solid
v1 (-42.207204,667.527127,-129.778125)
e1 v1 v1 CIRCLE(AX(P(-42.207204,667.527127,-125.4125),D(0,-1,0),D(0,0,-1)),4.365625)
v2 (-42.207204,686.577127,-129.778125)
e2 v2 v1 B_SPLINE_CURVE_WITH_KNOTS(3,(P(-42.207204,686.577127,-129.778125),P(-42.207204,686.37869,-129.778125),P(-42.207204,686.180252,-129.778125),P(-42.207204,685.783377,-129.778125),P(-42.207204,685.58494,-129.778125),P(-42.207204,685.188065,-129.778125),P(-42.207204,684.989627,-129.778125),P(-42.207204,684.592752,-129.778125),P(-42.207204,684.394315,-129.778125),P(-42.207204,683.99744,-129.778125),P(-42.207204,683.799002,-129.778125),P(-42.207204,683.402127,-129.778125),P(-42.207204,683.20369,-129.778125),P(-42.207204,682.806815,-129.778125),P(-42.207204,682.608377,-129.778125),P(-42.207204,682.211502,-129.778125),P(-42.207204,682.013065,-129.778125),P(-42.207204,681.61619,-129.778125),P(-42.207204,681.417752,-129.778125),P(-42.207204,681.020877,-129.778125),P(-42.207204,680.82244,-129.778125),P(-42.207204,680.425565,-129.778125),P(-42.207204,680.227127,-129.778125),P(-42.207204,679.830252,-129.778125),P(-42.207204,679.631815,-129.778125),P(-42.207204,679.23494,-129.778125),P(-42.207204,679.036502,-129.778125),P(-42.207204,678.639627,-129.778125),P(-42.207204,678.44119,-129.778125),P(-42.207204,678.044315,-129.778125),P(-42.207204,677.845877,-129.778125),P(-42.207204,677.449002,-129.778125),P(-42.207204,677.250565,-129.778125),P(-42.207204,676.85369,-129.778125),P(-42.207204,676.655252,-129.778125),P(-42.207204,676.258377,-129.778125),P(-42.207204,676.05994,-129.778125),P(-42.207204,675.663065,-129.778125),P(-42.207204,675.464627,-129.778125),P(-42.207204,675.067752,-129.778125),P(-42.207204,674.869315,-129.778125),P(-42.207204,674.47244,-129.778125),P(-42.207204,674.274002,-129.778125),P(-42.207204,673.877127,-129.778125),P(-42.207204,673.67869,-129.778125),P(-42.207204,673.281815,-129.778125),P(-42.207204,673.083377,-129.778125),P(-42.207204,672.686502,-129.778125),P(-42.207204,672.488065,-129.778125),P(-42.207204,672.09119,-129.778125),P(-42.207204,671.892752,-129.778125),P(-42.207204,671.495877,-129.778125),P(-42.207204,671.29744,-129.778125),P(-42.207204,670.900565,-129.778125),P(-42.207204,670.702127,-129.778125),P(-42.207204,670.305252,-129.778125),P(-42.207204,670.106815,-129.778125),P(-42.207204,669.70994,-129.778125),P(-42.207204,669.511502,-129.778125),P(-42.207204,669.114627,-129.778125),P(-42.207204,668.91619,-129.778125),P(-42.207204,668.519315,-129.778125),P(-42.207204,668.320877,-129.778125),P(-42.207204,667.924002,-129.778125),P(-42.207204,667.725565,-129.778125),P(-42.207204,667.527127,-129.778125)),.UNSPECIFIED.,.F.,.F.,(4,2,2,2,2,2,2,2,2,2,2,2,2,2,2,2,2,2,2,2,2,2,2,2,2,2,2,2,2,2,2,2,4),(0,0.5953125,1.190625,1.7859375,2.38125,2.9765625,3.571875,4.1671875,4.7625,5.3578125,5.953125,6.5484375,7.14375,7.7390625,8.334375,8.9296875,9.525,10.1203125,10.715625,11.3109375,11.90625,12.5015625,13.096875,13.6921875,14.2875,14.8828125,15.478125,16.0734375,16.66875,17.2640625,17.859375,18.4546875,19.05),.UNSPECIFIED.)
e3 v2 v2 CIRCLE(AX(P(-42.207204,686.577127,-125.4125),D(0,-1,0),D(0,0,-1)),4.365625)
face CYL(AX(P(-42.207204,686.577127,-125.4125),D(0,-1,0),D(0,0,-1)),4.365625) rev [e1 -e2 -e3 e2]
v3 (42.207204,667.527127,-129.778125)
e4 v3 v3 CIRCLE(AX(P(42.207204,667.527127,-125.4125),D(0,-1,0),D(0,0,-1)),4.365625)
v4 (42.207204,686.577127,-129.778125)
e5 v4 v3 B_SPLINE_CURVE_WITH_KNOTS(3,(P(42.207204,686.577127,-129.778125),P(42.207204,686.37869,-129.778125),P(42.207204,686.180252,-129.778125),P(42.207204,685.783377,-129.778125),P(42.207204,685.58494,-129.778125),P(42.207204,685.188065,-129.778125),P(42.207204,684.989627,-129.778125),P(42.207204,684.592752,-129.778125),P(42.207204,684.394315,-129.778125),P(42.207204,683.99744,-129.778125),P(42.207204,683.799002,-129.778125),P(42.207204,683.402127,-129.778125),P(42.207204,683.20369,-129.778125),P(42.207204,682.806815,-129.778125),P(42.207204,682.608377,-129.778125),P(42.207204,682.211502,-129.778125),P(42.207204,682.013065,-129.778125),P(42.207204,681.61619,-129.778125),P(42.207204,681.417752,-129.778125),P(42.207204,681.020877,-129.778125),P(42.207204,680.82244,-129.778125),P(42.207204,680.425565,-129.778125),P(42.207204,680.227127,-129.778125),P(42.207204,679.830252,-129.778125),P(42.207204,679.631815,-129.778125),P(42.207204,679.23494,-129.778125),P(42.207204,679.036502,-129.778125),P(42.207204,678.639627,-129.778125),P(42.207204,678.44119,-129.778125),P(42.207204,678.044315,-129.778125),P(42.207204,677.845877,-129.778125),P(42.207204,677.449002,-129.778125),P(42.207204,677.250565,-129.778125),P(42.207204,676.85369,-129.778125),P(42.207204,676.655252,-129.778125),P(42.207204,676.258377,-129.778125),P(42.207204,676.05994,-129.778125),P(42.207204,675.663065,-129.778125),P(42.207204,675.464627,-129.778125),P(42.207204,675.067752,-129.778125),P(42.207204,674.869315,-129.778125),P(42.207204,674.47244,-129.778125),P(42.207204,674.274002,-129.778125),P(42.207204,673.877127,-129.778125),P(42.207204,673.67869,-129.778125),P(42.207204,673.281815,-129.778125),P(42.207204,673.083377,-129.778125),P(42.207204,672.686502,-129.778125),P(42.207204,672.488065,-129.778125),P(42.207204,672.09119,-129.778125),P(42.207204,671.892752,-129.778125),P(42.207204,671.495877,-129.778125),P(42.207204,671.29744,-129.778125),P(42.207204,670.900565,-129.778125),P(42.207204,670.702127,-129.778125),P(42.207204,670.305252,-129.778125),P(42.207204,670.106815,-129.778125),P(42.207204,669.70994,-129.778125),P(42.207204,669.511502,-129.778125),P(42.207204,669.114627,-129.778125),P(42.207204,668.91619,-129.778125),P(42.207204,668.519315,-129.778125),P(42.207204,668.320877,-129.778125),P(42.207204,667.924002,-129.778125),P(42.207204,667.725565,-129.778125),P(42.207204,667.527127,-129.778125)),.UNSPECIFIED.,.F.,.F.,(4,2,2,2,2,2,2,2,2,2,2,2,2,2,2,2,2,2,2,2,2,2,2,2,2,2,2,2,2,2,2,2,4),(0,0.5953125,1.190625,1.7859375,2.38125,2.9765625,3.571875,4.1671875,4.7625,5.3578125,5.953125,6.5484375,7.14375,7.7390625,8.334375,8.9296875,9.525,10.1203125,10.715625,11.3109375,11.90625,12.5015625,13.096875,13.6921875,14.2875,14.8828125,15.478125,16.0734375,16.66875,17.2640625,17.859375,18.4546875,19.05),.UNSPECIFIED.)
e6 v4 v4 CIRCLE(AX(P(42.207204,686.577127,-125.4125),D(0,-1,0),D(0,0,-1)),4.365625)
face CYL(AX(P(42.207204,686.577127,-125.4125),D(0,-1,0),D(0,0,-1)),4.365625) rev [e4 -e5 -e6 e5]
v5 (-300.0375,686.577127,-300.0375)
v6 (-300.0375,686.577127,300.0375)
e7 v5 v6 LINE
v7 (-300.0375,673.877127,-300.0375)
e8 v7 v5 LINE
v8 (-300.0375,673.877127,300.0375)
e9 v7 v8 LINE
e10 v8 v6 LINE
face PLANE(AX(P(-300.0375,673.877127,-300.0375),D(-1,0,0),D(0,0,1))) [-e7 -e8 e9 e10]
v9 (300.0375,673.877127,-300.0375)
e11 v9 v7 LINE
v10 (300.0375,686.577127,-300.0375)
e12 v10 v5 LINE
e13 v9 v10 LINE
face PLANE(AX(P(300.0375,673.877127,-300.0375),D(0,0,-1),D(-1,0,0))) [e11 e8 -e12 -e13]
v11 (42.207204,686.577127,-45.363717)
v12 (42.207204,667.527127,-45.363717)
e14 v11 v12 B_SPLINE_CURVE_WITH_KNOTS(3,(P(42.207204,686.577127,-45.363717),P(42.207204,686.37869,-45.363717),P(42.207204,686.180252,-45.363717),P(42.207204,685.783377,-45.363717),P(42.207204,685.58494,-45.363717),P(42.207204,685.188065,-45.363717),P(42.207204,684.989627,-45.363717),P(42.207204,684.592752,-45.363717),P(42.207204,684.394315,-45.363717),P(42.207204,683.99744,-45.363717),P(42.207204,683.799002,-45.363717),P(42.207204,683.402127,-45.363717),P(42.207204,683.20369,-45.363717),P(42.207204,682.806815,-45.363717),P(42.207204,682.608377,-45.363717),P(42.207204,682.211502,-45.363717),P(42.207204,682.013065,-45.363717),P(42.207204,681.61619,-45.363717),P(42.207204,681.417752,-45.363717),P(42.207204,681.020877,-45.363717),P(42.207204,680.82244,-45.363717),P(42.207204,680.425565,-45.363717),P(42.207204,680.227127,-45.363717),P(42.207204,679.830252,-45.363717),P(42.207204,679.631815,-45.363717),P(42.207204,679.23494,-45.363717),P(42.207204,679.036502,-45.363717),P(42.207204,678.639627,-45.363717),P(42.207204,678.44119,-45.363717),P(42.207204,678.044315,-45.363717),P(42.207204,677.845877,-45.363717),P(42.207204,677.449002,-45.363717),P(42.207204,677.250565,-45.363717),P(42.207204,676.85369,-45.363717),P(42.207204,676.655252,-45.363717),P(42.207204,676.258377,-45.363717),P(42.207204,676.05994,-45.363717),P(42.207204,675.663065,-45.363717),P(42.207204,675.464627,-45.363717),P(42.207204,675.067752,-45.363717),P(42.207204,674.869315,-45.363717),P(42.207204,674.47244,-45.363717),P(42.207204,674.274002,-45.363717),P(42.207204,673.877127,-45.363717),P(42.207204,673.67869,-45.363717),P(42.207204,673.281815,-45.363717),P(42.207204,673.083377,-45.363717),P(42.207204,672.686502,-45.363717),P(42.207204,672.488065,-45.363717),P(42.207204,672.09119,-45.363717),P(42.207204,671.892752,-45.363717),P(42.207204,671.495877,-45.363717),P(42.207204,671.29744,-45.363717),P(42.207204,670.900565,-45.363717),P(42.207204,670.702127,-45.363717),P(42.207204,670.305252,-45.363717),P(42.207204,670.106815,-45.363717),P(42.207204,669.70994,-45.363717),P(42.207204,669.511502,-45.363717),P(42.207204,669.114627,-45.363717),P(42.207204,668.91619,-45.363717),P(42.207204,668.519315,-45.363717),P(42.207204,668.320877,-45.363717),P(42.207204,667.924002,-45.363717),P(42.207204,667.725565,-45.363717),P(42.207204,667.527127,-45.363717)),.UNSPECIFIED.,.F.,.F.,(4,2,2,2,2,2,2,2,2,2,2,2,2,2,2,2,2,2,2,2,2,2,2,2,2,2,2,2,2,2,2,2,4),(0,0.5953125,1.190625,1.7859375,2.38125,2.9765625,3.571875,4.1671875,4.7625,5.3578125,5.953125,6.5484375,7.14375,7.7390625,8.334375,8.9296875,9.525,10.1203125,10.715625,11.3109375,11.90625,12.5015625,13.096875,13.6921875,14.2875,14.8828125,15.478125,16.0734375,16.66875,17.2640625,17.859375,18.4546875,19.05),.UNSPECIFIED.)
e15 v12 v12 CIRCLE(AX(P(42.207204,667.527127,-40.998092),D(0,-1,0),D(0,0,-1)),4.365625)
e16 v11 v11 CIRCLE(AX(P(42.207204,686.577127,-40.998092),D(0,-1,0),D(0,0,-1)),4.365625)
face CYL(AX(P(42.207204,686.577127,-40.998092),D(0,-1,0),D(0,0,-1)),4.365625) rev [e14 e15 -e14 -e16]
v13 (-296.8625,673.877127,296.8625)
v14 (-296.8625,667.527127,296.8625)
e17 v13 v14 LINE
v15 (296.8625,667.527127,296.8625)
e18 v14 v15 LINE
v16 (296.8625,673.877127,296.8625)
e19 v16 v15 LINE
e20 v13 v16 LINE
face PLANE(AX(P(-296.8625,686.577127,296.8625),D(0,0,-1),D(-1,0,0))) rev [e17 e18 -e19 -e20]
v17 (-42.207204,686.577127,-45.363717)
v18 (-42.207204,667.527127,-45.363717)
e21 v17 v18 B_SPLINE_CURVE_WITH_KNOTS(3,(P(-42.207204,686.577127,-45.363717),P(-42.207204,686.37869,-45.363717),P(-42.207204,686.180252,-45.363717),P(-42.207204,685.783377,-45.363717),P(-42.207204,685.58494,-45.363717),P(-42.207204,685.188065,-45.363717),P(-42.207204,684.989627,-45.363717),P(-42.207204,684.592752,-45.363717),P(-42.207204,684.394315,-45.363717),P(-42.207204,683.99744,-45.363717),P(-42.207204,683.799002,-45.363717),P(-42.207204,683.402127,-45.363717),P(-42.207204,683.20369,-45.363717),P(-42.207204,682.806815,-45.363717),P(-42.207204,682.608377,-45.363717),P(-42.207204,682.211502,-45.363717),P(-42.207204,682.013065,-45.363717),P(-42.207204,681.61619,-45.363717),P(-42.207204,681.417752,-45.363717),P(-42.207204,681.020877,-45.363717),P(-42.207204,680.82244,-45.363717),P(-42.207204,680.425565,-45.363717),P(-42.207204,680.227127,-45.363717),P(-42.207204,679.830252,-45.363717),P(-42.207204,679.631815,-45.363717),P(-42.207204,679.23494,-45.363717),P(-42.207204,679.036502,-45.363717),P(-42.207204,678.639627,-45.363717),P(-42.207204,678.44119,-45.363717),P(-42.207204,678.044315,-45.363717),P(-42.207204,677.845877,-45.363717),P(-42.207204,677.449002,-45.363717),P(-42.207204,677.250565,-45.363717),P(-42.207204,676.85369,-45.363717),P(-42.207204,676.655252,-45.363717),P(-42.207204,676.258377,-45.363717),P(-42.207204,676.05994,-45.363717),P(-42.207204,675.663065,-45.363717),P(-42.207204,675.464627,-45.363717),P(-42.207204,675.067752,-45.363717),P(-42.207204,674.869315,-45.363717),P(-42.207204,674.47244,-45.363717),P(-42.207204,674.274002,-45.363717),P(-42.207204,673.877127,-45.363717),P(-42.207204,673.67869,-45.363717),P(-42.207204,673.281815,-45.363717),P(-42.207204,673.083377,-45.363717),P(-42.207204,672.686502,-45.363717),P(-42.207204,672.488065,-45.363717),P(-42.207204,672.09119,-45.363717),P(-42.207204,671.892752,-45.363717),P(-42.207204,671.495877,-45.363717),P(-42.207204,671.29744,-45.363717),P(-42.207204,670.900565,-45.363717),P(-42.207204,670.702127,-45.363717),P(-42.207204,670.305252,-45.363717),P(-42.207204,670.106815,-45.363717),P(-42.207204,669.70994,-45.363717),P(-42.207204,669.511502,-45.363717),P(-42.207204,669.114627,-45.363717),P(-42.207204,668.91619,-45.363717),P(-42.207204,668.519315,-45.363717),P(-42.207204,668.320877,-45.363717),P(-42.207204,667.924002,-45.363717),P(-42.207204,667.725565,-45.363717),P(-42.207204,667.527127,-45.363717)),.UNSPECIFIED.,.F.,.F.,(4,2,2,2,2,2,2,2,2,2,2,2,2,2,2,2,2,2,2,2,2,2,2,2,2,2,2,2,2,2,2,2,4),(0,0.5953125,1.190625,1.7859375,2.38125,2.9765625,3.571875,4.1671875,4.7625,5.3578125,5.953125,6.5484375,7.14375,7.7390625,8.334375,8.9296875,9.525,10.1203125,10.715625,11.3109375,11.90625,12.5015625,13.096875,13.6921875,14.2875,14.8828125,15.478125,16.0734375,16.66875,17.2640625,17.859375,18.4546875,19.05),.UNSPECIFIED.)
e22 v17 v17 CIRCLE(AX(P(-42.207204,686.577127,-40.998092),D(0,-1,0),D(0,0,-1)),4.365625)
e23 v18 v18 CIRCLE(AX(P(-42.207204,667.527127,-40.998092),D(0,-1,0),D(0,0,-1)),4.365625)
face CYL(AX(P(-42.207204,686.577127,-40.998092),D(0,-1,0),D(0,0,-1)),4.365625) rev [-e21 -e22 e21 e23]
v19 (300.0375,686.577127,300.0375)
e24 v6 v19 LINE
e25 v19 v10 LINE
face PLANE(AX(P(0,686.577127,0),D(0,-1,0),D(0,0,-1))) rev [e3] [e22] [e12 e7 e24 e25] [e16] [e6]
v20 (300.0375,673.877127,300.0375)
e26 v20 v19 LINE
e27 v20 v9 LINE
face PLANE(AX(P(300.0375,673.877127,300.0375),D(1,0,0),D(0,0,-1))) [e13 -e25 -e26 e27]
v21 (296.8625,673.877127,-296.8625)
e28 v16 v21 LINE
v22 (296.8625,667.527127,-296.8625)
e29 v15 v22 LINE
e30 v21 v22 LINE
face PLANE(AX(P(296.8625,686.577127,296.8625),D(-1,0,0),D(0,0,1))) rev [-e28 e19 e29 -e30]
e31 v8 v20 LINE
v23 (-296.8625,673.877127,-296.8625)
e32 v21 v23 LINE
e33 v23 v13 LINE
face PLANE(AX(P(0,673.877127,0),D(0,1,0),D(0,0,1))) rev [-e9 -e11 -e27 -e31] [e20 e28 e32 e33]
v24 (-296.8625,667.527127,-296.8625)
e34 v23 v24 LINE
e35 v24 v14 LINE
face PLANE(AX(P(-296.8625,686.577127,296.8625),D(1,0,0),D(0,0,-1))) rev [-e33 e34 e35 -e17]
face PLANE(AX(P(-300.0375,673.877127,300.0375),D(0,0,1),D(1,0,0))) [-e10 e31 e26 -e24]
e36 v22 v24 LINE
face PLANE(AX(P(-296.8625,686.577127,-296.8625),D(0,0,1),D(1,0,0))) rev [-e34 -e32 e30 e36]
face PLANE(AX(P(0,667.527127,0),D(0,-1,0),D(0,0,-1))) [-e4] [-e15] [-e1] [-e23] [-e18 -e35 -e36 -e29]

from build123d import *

# Parameters (mm, degrees)
SKETCH1_W           = 593.725
SKETCH1_H           = 593.725
BOSS_EXTRUDE1_DEPTH = 19.05
SKETCH3_W           = 600.075
SKETCH3_H           = 600.075
BOSS_EXTRUDE2_DEPTH = 12.7
SKETCH4_R           = 4.365625
CUT_EXTRUDE1_DEPTH  = 19.05


with BuildPart() as part:
    # Sketch1 → Boss-Extrude1 (new body)
    with BuildSketch(Plane(origin=(-151.113711937, 667.527127164, 96.73817395), x_dir=(1, 0, 0), z_dir=(0, 1, 0))):
        with Locations((151.113711937, 96.73817395)):
            Rectangle(SKETCH1_W, SKETCH1_H)
    extrude(amount=BOSS_EXTRUDE1_DEPTH)

    # Sketch3 → Boss-Extrude2 (add)
    with BuildSketch(Plane(origin=(0, 686.577127164, 0), x_dir=(1, 0, 0), z_dir=(0, 1, 0))):
        Rectangle(SKETCH3_W, SKETCH3_H)
    extrude(amount=-BOSS_EXTRUDE2_DEPTH)

    # Sketch4 → Cut-Extrude1 (cut)
    with BuildSketch(Plane.XZ.offset(-667.527127164)):
        with Locations(Location((42.207203769, -40.998092462, 0), (0, 0, 270))):
            Circle(SKETCH4_R)
        with Locations(Location((-42.207203769, -40.998092462, 0), (0, 0, 270))):
            Circle(SKETCH4_R)
        with Locations(Location((-42.207203769, -125.4125, 0), (0, 0, 270))):
            Circle(SKETCH4_R)
        with Locations(Location((42.207203769, -125.4125, 0), (0, 0, 270))):
            Circle(SKETCH4_R)
    extrude(amount=-CUT_EXTRUDE1_DEPTH, mode=Mode.SUBTRACT)


solid = part.part
